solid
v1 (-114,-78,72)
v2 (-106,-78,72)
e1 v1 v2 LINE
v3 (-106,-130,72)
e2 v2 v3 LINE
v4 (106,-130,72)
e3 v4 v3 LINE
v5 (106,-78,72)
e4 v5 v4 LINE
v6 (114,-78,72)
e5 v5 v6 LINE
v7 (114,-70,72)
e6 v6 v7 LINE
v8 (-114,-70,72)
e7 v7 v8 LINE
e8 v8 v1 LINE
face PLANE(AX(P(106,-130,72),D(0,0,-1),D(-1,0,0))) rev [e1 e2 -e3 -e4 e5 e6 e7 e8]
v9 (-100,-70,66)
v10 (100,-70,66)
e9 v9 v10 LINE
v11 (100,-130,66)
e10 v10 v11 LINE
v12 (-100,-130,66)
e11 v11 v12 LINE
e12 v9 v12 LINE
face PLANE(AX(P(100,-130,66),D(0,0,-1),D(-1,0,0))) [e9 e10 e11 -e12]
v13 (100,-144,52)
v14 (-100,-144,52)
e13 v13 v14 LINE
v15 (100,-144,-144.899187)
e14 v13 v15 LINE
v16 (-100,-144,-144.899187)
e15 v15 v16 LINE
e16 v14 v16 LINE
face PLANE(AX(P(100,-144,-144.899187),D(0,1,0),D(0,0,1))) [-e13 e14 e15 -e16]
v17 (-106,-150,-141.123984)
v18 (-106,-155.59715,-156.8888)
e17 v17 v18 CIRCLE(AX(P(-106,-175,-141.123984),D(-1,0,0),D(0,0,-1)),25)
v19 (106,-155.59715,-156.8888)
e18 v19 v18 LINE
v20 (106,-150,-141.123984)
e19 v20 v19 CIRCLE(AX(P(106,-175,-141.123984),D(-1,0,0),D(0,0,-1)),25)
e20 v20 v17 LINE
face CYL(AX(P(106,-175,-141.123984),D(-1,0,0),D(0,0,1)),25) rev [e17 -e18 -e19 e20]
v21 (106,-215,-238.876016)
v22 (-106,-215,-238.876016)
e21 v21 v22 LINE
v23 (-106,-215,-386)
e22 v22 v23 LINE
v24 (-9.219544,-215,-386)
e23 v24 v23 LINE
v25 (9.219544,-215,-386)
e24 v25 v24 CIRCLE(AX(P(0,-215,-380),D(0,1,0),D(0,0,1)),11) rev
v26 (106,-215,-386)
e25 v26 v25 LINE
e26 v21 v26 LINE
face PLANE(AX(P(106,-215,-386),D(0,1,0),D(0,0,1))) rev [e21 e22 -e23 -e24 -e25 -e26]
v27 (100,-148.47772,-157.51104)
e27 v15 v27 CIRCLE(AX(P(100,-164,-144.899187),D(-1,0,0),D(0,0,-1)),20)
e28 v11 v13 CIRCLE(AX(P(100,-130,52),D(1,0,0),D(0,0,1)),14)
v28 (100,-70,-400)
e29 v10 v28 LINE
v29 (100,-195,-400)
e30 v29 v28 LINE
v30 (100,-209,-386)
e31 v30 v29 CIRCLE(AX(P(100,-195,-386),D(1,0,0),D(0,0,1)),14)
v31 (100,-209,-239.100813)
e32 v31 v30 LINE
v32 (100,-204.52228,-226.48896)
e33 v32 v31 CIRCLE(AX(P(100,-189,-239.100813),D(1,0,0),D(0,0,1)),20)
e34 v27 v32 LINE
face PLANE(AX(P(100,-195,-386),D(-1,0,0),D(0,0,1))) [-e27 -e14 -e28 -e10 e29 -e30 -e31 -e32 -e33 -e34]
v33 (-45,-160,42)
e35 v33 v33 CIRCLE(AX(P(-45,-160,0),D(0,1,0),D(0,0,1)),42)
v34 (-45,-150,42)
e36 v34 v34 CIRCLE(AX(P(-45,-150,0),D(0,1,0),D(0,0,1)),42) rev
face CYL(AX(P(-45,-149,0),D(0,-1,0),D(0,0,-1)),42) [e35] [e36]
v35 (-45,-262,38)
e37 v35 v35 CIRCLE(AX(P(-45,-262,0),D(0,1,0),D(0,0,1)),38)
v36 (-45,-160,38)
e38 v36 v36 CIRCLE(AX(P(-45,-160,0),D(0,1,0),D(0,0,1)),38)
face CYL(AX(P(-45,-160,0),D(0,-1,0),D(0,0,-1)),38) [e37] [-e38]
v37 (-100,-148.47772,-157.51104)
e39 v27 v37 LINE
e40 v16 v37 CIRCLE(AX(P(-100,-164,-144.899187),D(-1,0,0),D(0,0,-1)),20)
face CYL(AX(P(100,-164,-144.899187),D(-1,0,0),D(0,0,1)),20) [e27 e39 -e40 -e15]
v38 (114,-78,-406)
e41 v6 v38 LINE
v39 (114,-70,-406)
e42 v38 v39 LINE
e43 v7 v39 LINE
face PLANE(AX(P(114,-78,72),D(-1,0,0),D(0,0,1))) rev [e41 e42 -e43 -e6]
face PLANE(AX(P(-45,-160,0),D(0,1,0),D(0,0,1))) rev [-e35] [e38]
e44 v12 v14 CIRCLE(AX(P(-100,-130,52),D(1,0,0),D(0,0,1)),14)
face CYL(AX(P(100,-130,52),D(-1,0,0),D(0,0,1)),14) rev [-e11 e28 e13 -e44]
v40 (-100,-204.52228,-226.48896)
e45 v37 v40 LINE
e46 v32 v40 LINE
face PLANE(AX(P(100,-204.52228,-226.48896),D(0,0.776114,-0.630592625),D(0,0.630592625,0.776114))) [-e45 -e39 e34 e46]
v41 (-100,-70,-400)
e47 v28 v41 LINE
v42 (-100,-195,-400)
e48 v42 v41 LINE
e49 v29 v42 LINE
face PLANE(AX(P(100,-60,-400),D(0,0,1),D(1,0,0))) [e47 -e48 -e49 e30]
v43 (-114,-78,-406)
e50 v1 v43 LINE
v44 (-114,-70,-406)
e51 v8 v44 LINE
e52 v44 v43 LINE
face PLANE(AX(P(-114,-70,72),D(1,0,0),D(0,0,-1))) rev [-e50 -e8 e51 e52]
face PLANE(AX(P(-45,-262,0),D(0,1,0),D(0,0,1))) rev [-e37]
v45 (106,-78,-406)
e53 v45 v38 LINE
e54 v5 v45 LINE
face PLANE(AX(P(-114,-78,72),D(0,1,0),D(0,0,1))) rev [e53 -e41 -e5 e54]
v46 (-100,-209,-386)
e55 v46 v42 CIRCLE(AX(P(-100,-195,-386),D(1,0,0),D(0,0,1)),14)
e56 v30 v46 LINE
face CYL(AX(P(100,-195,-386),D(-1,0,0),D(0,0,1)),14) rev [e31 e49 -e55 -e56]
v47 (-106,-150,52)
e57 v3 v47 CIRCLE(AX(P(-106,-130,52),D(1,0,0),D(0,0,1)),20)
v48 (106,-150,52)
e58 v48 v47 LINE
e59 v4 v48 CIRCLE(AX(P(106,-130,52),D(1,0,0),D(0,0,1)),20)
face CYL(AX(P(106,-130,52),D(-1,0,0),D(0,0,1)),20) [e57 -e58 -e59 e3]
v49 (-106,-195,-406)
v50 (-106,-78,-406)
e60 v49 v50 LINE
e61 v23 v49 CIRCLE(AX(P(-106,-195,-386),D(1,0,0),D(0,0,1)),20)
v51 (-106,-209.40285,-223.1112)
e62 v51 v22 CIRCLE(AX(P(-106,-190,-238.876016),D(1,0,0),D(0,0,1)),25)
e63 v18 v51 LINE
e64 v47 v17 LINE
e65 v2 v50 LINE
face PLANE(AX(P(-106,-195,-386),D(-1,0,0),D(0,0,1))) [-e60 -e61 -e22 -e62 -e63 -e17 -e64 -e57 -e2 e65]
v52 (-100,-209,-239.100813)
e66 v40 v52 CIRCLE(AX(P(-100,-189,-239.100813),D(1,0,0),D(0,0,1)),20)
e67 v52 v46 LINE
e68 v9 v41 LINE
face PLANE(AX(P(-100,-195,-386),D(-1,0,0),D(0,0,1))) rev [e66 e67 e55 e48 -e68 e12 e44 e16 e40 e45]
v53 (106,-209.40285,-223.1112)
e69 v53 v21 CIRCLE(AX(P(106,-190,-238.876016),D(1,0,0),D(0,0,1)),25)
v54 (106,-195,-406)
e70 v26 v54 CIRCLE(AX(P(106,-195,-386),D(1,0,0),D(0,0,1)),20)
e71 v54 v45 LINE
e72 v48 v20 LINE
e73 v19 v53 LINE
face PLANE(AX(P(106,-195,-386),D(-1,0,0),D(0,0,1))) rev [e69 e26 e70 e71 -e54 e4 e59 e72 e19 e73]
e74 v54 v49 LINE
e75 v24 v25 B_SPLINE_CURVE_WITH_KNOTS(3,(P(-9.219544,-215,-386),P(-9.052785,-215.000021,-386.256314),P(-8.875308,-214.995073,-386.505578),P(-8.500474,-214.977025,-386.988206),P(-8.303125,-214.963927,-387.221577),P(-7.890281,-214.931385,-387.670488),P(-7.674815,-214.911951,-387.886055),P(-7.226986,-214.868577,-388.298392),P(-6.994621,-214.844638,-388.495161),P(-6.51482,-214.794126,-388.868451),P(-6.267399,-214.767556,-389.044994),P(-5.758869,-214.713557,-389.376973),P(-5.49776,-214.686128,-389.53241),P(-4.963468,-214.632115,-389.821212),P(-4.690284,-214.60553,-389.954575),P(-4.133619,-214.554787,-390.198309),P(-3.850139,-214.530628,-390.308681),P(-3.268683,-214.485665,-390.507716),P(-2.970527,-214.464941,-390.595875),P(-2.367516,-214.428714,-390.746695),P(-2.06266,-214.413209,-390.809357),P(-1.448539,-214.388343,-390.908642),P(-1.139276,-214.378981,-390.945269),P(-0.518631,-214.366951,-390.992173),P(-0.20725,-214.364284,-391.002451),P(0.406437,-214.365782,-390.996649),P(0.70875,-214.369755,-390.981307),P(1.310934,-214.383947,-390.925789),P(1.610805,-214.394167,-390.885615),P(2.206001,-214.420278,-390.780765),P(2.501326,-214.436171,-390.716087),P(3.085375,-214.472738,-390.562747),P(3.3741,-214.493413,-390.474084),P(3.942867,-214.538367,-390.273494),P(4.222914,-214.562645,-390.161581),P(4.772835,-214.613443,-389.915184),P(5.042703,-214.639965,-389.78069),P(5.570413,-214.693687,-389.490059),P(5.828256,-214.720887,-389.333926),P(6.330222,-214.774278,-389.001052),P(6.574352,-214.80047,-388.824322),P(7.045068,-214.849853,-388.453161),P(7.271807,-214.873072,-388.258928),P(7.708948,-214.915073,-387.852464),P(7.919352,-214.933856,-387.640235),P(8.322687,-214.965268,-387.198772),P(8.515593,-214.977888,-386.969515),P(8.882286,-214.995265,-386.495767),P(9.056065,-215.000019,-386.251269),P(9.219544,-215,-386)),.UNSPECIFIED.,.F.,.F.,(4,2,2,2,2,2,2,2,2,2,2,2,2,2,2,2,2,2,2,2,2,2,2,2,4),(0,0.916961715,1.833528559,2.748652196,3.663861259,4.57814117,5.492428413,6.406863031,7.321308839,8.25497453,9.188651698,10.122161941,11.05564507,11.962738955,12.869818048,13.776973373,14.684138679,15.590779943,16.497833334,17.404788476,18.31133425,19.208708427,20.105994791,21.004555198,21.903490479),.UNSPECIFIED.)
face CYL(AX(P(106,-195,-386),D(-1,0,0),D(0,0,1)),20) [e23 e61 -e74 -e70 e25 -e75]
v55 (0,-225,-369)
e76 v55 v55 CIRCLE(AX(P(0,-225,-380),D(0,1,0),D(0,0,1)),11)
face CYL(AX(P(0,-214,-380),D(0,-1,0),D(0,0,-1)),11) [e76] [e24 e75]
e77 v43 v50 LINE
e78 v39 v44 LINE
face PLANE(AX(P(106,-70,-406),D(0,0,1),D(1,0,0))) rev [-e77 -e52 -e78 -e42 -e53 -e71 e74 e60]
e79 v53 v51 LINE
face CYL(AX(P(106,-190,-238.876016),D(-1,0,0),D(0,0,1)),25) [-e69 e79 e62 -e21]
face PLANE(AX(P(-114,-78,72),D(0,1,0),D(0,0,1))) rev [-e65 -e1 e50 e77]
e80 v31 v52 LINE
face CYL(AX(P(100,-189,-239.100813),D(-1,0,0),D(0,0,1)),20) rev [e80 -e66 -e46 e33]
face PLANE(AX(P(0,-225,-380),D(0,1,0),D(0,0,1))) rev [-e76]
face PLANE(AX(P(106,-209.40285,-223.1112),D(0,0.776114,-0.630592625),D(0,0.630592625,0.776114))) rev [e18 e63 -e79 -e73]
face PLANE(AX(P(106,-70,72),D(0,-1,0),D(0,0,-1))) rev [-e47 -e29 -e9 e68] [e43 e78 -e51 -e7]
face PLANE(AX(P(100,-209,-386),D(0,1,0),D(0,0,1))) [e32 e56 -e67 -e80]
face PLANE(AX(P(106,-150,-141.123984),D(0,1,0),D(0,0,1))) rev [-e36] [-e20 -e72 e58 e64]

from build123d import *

# Parameters (mm, degrees)
PAN_START            = -106
PAN_BODY_DEPTH       = 212
PAN_START_2          = -406
SKETCH2_W            = 228
SKETCH2_H            = 8
PAN_RAIL_DEPTH       = 478
SUMP_START           = -100
SUMP_DEPTH           = 200
DRAIN_START          = -225
SKETCH4_R            = 11
DRAIN_PLUG_DEPTH     = 11
FILTER_START         = -160
SKETCH5_R            = 42
FILTER_ADAPTER_DEPTH = 11
OIL_START            = -262
SKETCH6_R            = 38
OIL_FILTER_DEPTH     = 102


with BuildPart() as part:
    # Sketch1 → Pan Body (new body)
    with BuildSketch(Plane(origin=(0, 0, 0), x_dir=(0, 0, -1), z_dir=(1, 0, 0)).offset(PAN_START)):
        with BuildLine():
            Line((-72, -70), (406, -70))
            Line((406, -70), (406, -195))
            ThreePointArc((406, -195), (400.142135624, -209.142135624), (386, -215))
            Line((386, -215), (238.876015631, -215))
            ThreePointArc((238.876015631, -215), (230.51154464, -213.559194066), (223.111200004, -209.402850003))
            Line((223.111200004, -209.402850003), (156.888799996, -155.597149997))
            ThreePointArc((156.888799996, -155.597149997), (149.48845536, -151.440805934), (141.123984369, -150))
            Line((141.123984369, -150), (-52, -150))
            ThreePointArc((-52, -150), (-66.142135624, -144.142135624), (-72, -130))
            Line((-72, -130), (-72, -70))
        make_face()
    extrude(amount=PAN_BODY_DEPTH)

    # Sketch2 → Pan Rail (add)
    with BuildSketch(Plane.XY.offset(PAN_START_2)):
        with Locations((0, -74)):
            Rectangle(SKETCH2_W, SKETCH2_H)
    extrude(amount=PAN_RAIL_DEPTH)

    # Sketch3 → Sump (cut)
    with BuildSketch(Plane(origin=(0, 0, 0), x_dir=(0, 0, -1), z_dir=(1, 0, 0)).offset(SUMP_START)):
        with BuildLine():
            Line((-66, -60), (400, -60))
            Line((400, -60), (400, -195))
            ThreePointArc((400, -195), (395.899494937, -204.899494937), (386, -209))
            Line((386, -209), (239.100812505, -209))
            ThreePointArc((239.100812505, -209), (232.409235712, -207.847355253), (226.488960003, -204.522280002))
            Line((226.488960003, -204.522280002), (157.511039997, -148.477719998))
            ThreePointArc((157.511039997, -148.477719998), (151.590764288, -145.152644747), (144.899187495, -144))
            Line((144.899187495, -144), (-52, -144))
            ThreePointArc((-52, -144), (-61.899494937, -139.899494937), (-66, -130))
            Line((-66, -130), (-66, -60))
        make_face()
    extrude(amount=SUMP_DEPTH, mode=Mode.SUBTRACT)

    # Sketch4 → Drain Plug (add)
    with BuildSketch(Plane(origin=(0, 0, 0), x_dir=(1, 0, 0), z_dir=(0, 1, 0)).offset(DRAIN_START)):
        with Locations(Location((0, 380, 0), (0, 0, 146.944268849))):
            Circle(SKETCH4_R)
    extrude(amount=DRAIN_PLUG_DEPTH)

    # Sketch5 → Filter Adapter (add)
    with BuildSketch(Plane(origin=(0, 0, 0), x_dir=(1, 0, 0), z_dir=(0, 1, 0)).offset(FILTER_START)):
        with Locations(Location((-45, 0, 0), (0, 0, 270))):
            Circle(SKETCH5_R)
    extrude(amount=FILTER_ADAPTER_DEPTH)

    # Sketch6 → Oil Filter (add)
    with BuildSketch(Plane(origin=(0, 0, 0), x_dir=(1, 0, 0), z_dir=(0, 1, 0)).offset(OIL_START)):
        with Locations(Location((-45, 0, 0), (0, 0, 270))):
            Circle(SKETCH6_R)
    extrude(amount=OIL_FILTER_DEPTH)


solid = part.part
